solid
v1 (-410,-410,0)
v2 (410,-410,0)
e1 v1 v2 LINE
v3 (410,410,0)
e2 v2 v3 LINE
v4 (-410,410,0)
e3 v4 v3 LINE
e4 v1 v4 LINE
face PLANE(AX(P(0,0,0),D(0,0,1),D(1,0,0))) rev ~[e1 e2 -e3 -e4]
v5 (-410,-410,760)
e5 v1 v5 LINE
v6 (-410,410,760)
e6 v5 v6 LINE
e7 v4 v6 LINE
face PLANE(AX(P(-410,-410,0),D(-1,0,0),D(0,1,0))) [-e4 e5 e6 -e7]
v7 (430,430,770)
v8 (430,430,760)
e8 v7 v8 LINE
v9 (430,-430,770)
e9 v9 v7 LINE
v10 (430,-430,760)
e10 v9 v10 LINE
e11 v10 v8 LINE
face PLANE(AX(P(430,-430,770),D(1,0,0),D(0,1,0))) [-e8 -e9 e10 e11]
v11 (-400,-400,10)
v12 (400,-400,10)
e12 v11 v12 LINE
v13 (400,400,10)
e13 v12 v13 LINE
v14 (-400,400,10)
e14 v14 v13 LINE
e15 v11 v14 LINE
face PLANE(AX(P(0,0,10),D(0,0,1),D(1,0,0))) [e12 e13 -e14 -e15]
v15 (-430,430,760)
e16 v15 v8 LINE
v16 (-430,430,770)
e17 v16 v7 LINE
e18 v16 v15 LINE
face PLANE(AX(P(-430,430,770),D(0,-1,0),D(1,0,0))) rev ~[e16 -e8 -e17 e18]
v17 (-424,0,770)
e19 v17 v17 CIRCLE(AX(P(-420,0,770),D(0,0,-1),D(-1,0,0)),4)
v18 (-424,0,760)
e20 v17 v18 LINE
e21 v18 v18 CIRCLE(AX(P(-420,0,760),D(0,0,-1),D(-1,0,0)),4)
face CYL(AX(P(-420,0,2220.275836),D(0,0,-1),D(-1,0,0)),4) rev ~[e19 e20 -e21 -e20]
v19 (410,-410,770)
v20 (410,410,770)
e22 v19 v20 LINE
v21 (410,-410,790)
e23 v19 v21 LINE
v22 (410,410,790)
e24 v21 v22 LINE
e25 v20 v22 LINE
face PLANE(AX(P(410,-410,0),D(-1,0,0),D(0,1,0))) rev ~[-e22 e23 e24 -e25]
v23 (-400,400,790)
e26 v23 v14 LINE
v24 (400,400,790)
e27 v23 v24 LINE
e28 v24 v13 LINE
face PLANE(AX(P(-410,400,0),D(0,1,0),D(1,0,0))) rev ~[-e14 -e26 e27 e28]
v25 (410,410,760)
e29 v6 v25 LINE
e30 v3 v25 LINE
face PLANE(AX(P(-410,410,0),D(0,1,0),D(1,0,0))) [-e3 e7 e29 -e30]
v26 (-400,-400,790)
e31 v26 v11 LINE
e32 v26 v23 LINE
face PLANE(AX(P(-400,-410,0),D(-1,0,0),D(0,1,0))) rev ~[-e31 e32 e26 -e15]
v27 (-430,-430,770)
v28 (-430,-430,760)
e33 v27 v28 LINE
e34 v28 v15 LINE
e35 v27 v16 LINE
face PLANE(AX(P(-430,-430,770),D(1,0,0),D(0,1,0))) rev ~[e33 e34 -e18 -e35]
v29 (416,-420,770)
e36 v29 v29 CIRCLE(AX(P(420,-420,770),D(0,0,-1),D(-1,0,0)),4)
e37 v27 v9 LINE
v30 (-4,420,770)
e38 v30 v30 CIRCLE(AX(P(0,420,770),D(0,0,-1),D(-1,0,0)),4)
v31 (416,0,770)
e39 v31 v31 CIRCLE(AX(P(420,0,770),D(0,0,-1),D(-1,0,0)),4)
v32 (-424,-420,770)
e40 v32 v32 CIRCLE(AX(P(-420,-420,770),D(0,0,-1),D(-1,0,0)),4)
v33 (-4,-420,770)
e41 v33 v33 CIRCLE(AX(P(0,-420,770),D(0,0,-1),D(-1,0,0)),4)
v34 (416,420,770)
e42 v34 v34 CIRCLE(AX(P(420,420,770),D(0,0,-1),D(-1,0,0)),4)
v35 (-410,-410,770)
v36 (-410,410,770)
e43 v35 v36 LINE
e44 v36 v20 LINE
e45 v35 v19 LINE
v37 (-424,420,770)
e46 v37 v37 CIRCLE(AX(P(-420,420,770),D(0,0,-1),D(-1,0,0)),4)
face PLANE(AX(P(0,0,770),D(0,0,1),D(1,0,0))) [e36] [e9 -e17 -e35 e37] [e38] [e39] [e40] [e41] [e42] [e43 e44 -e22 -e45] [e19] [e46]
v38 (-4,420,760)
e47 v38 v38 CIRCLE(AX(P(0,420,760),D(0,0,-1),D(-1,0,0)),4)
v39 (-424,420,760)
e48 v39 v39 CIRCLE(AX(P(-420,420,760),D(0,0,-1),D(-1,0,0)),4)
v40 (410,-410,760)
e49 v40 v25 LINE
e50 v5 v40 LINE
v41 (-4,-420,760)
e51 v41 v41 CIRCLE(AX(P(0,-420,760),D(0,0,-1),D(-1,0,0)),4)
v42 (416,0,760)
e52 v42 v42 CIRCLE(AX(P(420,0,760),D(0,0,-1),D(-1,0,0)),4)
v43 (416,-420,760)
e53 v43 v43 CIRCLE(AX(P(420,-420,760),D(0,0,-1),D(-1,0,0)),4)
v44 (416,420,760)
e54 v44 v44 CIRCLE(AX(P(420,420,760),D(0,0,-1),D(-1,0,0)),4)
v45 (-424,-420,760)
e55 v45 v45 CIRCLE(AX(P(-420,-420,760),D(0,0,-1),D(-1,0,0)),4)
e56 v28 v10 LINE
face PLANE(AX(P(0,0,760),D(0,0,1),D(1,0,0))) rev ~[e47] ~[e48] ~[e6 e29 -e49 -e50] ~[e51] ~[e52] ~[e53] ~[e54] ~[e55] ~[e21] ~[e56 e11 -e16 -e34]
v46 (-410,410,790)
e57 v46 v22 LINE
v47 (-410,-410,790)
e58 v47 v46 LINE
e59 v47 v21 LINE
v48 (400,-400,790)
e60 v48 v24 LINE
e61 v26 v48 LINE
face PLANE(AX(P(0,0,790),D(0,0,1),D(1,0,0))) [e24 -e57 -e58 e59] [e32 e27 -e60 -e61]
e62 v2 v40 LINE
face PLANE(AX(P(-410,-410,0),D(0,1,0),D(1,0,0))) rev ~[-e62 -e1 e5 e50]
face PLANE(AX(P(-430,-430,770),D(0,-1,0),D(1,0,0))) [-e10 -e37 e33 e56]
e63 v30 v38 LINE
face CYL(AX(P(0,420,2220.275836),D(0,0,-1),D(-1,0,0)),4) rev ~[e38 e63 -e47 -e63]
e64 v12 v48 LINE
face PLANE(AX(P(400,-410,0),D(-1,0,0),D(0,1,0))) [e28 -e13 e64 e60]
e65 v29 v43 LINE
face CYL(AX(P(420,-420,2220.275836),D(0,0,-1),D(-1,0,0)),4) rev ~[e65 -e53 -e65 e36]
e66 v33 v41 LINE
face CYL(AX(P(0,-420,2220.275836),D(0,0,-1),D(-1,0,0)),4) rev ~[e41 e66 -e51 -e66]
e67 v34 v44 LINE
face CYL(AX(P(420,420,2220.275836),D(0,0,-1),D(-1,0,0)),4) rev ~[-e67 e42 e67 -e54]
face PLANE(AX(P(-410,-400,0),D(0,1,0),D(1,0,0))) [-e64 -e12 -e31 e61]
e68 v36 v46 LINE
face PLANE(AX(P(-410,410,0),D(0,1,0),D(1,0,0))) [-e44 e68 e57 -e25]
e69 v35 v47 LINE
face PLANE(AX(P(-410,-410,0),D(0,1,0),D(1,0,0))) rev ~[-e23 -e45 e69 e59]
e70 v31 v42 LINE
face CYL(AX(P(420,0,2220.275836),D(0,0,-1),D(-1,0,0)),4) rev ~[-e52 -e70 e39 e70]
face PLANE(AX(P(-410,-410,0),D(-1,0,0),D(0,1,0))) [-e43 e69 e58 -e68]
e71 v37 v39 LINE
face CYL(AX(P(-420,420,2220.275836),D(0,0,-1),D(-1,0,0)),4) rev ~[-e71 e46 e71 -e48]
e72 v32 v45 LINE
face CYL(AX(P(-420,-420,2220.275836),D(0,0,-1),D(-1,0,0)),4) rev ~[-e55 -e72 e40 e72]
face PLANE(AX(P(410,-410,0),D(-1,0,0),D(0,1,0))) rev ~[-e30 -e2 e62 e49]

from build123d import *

# Parameters (mm, degrees)
F0_W     = 820
F0_H     = 820
F1_DEPTH = 790
F2_T     = -10
F4_W     = 860
F4_H     = 860
F4_W_2   = 820
F4_H_2   = 820
F5_DEPTH = 10
F7_D     = 8


with BuildPart() as f1:
    # F0 (on Top) → F1 (new body)
    with BuildSketch(Plane.XY):
        Rectangle(F0_W, F0_H)
    extrude(amount=F1_DEPTH)

    # F2
    f2_openings = [f1.faces().sort_by_distance(p)[0] for p in [
        (0, 0, 790),
    ]]
    offset(amount=F2_T, openings=f2_openings)

    # F4 (on offset) → F5 (join)
    with BuildSketch(Plane.XY.offset(770)):
        Rectangle(F4_W, F4_H)
        Rectangle(F4_W_2, F4_H_2, mode=Mode.SUBTRACT)
    extrude(amount=-F5_DEPTH)

    # F7 (through all)
    with Locations(Plane.XY.offset(770)):
        with Locations((0, 420), (-420, 420), (-420, 0), (-420, -420), (0, -420), (420, 0), (420, -420), (420, 420)):
            Hole(F7_D / 2)


solid = f1.part
